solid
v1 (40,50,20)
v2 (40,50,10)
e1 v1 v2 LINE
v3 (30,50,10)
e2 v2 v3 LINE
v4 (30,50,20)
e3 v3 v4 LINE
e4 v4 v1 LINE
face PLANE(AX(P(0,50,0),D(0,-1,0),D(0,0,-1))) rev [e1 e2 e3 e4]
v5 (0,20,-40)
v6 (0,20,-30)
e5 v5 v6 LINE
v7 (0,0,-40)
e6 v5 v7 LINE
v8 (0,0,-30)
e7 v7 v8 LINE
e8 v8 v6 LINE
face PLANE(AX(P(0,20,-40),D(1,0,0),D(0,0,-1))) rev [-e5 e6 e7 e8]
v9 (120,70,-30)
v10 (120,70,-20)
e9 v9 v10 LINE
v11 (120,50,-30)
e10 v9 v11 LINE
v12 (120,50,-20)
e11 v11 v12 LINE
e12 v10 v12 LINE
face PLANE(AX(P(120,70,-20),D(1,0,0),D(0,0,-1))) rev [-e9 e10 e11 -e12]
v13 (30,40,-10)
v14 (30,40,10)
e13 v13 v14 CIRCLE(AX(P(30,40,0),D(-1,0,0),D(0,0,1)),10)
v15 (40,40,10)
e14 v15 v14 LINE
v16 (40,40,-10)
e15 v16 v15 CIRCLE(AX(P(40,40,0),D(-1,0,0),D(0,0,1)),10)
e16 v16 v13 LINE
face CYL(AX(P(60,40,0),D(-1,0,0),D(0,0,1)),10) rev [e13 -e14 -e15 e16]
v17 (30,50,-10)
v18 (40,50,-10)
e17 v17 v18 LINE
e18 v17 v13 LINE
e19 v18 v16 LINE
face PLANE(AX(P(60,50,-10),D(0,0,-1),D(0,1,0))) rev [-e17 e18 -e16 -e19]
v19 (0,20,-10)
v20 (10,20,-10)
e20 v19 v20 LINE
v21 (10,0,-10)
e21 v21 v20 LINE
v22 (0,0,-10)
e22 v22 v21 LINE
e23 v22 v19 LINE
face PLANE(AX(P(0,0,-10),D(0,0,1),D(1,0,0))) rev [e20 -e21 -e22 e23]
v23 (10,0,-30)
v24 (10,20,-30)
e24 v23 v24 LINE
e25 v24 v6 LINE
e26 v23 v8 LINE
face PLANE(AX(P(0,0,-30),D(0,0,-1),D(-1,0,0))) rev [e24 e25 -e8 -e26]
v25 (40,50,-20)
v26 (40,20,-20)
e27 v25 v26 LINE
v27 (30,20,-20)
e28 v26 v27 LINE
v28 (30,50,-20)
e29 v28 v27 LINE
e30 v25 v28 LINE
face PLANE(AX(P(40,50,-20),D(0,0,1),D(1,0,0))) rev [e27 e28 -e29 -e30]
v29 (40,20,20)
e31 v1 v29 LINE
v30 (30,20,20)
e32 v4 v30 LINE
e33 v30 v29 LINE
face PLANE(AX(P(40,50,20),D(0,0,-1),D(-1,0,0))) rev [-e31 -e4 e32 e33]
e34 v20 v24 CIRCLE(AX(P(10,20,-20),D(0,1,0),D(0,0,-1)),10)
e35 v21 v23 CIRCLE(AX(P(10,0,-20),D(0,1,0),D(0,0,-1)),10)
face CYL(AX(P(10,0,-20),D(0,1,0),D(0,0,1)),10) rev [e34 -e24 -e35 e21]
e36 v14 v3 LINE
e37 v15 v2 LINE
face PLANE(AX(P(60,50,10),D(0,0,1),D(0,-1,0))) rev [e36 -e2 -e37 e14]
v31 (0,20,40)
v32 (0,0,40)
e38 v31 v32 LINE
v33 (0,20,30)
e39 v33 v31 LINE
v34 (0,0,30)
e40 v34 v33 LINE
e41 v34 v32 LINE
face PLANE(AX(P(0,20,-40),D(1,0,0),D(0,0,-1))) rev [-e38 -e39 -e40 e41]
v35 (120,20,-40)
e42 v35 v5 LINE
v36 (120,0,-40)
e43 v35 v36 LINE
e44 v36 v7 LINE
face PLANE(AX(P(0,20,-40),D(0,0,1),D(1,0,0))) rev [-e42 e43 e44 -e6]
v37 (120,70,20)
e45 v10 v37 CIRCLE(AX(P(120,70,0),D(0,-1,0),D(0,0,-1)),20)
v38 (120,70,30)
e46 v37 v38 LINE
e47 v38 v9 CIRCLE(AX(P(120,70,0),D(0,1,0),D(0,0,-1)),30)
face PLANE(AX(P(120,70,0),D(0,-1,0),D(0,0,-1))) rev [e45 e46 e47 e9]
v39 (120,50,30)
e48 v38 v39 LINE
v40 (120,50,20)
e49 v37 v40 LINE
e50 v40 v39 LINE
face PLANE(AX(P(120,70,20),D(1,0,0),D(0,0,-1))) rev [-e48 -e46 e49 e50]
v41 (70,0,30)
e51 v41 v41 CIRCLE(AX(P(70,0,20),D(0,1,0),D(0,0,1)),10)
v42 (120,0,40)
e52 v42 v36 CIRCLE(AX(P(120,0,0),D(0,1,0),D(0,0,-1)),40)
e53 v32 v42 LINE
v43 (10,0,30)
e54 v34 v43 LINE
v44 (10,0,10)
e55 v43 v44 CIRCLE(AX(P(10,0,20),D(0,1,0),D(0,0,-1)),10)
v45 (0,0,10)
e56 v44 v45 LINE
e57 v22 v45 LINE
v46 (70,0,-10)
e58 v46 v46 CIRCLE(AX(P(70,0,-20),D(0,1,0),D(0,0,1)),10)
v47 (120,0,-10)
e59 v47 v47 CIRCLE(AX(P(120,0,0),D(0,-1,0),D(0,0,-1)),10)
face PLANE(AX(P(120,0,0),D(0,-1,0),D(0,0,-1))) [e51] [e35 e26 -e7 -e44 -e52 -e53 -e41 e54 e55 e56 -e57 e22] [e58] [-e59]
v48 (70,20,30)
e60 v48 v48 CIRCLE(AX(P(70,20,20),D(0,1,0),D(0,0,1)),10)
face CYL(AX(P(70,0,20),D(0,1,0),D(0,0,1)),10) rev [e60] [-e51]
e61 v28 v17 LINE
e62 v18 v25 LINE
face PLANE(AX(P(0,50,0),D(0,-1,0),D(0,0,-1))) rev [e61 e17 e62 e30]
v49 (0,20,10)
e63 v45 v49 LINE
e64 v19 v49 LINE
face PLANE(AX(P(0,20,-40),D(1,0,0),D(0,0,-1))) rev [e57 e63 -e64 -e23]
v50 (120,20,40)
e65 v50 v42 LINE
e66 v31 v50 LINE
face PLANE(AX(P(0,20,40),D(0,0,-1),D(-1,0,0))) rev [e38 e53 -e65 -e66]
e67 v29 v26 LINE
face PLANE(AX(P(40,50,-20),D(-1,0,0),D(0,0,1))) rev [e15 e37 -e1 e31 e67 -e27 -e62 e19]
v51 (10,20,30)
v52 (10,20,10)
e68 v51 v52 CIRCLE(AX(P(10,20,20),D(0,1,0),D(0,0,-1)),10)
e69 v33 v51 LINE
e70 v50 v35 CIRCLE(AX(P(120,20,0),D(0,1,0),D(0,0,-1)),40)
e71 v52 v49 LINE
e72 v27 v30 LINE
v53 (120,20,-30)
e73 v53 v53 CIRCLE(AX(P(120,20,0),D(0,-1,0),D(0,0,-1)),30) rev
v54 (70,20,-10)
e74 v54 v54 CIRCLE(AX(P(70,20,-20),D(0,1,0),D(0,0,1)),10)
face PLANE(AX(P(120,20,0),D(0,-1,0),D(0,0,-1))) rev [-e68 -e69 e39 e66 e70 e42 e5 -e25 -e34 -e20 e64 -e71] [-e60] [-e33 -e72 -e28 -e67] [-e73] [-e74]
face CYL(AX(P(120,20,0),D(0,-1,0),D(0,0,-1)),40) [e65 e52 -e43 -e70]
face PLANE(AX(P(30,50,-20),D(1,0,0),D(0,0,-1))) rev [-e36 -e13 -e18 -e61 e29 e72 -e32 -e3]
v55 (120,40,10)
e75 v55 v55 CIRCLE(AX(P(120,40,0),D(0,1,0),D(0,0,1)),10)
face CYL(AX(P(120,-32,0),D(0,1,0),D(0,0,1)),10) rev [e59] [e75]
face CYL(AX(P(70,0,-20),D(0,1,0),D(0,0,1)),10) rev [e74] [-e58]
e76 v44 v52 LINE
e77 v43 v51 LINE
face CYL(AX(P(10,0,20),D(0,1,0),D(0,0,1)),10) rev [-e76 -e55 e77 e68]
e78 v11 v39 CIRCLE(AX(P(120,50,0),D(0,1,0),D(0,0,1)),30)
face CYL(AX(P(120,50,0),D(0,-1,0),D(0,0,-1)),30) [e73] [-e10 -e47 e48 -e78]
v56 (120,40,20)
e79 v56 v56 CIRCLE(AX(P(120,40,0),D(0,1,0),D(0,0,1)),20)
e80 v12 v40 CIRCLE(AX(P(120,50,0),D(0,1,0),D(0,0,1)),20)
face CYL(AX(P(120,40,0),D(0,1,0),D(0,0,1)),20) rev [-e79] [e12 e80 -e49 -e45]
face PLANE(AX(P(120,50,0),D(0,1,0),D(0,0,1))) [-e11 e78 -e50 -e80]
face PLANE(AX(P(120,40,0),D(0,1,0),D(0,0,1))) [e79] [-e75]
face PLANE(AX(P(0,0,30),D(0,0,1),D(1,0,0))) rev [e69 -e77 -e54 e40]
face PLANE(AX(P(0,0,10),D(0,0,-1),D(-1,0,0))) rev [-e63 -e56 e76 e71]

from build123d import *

# Parameters (mm, degrees)
BOSS_EXTRUDE1_DEPTH = 20
CUT_EXTRUDE1_DEPTH  = 20
SKETCH4_R           = 10
CUT_EXTRUDE2_DEPTH  = 20
SKETCH5_R           = 20
BOSS_EXTRUDE2_DEPTH = 20
SKETCH6_R           = 30
BOSS_EXTRUDE3_DEPTH = 30
SKETCH7_R           = 20
CUT_EXTRUDE3_DEPTH  = 10
SKETCH8_R           = 10
CUT_EXTRUDE4_DEPTH  = 72
BOSS_EXTRUDE4_DEPTH = 20
SKETCH10_W          = 10
SKETCH10_H          = 40
BOSS_EXTRUDE5_DEPTH = 30
CUT_EXTRUDE5_DEPTH  = 30


with BuildPart() as part:
    # Sketch2 → Boss-Extrude1 (new body)
    with BuildSketch(Plane(origin=(0, 0, 0), x_dir=(1, 0, 0), z_dir=(0, 1, 0))):
        with BuildLine():
            Line((0, 40), (0, -40))
            Line((0, -40), (120, -40))
            ThreePointArc((120, -40), (160, 0), (120, 40))
            Line((120, 40), (0, 40))
        make_face()
    extrude(amount=BOSS_EXTRUDE1_DEPTH)

    # Sketch3 → Cut-Extrude1 (cut)
    with BuildSketch(Plane(origin=(0, 20, 0), x_dir=(1, 0, 0), z_dir=(0, 1, 0))):
        with BuildLine():
            Line((0, 30), (10, 30))
            ThreePointArc((10, 30), (20, 20), (10, 10))
            Line((10, 10), (0, 10))
            Line((0, 10), (0, 30))
        make_face()
        with BuildLine():
            Line((0, -10), (10, -10))
            ThreePointArc((10, -10), (20, -20), (10, -30))
            Line((10, -30), (0, -30))
            Line((0, -30), (0, -10))
        make_face()
    extrude(amount=-CUT_EXTRUDE1_DEPTH, mode=Mode.SUBTRACT)

    # Sketch4 → Cut-Extrude2 (cut)
    with BuildSketch(Plane(origin=(0, 20, 0), x_dir=(1, 0, 0), z_dir=(0, 1, 0))):
        with Locations(Location((70, 20, 0), (0, 0, 270))):
            Circle(SKETCH4_R)
        with Locations(Location((70, -20, 0), (0, 0, 270))):
            Circle(SKETCH4_R)
    extrude(amount=-CUT_EXTRUDE2_DEPTH, mode=Mode.SUBTRACT)

    # Sketch5 → Boss-Extrude2 (add)
    with BuildSketch(Plane(origin=(0, 20, 0), x_dir=(1, 0, 0), z_dir=(0, 1, 0))):
        with Locations(Location((120, 0, 0), (0, 0, 90))):
            Circle(SKETCH5_R)
    extrude(amount=BOSS_EXTRUDE2_DEPTH)

    # Sketch6 → Boss-Extrude3 (add)
    with BuildSketch(Plane(origin=(0, 20, 0), x_dir=(1, 0, 0), z_dir=(0, 1, 0))):
        with Locations(Location((120, 0, 0), (0, 0, 90))):
            Circle(SKETCH6_R)
    extrude(amount=BOSS_EXTRUDE3_DEPTH)

    # Sketch7 → Cut-Extrude3 (cut)
    with BuildSketch(Plane(origin=(0, 50, 0), x_dir=(1, 0, 0), z_dir=(0, 1, 0))):
        with Locations(Location((120, 0, 0), (0, 0, 270))):
            Circle(SKETCH7_R)
    extrude(amount=-CUT_EXTRUDE3_DEPTH, mode=Mode.SUBTRACT)

    # Sketch8 → Cut-Extrude4 (cut)
    with BuildSketch(Plane(origin=(0, 40, 0), x_dir=(1, 0, 0), z_dir=(0, 1, 0))):
        with Locations(Location((120, 0, 0), (0, 0, 270))):
            Circle(SKETCH8_R)
    extrude(amount=-CUT_EXTRUDE4_DEPTH, mode=Mode.SUBTRACT)

    # Sketch9 → Boss-Extrude4 (add)
    with BuildSketch(Plane(origin=(0, 50, 0), x_dir=(1, 0, 0), z_dir=(0, 1, 0))):
        with BuildLine():
            Line((120, 20), (120, 30))
            ThreePointArc((120, 30), (150, 0), (120, -30))
            Line((120, -30), (120, -20))
            ThreePointArc((120, -20), (140, 0), (120, 20))
        make_face()
    extrude(amount=BOSS_EXTRUDE4_DEPTH)

    # Sketch10 → Boss-Extrude5 (add)
    with BuildSketch(Plane(origin=(0, 20, 0), x_dir=(1, 0, 0), z_dir=(0, 1, 0))):
        with Locations((35, 0)):
            Rectangle(SKETCH10_W, SKETCH10_H)
    extrude(amount=BOSS_EXTRUDE5_DEPTH)

    # Sketch11 → Cut-Extrude5 (cut)
    with BuildSketch(Plane.ZY.offset(-30)):
        with BuildLine():
            Line((-10, 50), (-10, 40))
            ThreePointArc((-10, 40), (0, 30), (10, 40))
            Line((10, 40), (10, 50))
            Line((10, 50), (-10, 50))
        make_face()
    extrude(amount=-CUT_EXTRUDE5_DEPTH, mode=Mode.SUBTRACT)


solid = part.part
